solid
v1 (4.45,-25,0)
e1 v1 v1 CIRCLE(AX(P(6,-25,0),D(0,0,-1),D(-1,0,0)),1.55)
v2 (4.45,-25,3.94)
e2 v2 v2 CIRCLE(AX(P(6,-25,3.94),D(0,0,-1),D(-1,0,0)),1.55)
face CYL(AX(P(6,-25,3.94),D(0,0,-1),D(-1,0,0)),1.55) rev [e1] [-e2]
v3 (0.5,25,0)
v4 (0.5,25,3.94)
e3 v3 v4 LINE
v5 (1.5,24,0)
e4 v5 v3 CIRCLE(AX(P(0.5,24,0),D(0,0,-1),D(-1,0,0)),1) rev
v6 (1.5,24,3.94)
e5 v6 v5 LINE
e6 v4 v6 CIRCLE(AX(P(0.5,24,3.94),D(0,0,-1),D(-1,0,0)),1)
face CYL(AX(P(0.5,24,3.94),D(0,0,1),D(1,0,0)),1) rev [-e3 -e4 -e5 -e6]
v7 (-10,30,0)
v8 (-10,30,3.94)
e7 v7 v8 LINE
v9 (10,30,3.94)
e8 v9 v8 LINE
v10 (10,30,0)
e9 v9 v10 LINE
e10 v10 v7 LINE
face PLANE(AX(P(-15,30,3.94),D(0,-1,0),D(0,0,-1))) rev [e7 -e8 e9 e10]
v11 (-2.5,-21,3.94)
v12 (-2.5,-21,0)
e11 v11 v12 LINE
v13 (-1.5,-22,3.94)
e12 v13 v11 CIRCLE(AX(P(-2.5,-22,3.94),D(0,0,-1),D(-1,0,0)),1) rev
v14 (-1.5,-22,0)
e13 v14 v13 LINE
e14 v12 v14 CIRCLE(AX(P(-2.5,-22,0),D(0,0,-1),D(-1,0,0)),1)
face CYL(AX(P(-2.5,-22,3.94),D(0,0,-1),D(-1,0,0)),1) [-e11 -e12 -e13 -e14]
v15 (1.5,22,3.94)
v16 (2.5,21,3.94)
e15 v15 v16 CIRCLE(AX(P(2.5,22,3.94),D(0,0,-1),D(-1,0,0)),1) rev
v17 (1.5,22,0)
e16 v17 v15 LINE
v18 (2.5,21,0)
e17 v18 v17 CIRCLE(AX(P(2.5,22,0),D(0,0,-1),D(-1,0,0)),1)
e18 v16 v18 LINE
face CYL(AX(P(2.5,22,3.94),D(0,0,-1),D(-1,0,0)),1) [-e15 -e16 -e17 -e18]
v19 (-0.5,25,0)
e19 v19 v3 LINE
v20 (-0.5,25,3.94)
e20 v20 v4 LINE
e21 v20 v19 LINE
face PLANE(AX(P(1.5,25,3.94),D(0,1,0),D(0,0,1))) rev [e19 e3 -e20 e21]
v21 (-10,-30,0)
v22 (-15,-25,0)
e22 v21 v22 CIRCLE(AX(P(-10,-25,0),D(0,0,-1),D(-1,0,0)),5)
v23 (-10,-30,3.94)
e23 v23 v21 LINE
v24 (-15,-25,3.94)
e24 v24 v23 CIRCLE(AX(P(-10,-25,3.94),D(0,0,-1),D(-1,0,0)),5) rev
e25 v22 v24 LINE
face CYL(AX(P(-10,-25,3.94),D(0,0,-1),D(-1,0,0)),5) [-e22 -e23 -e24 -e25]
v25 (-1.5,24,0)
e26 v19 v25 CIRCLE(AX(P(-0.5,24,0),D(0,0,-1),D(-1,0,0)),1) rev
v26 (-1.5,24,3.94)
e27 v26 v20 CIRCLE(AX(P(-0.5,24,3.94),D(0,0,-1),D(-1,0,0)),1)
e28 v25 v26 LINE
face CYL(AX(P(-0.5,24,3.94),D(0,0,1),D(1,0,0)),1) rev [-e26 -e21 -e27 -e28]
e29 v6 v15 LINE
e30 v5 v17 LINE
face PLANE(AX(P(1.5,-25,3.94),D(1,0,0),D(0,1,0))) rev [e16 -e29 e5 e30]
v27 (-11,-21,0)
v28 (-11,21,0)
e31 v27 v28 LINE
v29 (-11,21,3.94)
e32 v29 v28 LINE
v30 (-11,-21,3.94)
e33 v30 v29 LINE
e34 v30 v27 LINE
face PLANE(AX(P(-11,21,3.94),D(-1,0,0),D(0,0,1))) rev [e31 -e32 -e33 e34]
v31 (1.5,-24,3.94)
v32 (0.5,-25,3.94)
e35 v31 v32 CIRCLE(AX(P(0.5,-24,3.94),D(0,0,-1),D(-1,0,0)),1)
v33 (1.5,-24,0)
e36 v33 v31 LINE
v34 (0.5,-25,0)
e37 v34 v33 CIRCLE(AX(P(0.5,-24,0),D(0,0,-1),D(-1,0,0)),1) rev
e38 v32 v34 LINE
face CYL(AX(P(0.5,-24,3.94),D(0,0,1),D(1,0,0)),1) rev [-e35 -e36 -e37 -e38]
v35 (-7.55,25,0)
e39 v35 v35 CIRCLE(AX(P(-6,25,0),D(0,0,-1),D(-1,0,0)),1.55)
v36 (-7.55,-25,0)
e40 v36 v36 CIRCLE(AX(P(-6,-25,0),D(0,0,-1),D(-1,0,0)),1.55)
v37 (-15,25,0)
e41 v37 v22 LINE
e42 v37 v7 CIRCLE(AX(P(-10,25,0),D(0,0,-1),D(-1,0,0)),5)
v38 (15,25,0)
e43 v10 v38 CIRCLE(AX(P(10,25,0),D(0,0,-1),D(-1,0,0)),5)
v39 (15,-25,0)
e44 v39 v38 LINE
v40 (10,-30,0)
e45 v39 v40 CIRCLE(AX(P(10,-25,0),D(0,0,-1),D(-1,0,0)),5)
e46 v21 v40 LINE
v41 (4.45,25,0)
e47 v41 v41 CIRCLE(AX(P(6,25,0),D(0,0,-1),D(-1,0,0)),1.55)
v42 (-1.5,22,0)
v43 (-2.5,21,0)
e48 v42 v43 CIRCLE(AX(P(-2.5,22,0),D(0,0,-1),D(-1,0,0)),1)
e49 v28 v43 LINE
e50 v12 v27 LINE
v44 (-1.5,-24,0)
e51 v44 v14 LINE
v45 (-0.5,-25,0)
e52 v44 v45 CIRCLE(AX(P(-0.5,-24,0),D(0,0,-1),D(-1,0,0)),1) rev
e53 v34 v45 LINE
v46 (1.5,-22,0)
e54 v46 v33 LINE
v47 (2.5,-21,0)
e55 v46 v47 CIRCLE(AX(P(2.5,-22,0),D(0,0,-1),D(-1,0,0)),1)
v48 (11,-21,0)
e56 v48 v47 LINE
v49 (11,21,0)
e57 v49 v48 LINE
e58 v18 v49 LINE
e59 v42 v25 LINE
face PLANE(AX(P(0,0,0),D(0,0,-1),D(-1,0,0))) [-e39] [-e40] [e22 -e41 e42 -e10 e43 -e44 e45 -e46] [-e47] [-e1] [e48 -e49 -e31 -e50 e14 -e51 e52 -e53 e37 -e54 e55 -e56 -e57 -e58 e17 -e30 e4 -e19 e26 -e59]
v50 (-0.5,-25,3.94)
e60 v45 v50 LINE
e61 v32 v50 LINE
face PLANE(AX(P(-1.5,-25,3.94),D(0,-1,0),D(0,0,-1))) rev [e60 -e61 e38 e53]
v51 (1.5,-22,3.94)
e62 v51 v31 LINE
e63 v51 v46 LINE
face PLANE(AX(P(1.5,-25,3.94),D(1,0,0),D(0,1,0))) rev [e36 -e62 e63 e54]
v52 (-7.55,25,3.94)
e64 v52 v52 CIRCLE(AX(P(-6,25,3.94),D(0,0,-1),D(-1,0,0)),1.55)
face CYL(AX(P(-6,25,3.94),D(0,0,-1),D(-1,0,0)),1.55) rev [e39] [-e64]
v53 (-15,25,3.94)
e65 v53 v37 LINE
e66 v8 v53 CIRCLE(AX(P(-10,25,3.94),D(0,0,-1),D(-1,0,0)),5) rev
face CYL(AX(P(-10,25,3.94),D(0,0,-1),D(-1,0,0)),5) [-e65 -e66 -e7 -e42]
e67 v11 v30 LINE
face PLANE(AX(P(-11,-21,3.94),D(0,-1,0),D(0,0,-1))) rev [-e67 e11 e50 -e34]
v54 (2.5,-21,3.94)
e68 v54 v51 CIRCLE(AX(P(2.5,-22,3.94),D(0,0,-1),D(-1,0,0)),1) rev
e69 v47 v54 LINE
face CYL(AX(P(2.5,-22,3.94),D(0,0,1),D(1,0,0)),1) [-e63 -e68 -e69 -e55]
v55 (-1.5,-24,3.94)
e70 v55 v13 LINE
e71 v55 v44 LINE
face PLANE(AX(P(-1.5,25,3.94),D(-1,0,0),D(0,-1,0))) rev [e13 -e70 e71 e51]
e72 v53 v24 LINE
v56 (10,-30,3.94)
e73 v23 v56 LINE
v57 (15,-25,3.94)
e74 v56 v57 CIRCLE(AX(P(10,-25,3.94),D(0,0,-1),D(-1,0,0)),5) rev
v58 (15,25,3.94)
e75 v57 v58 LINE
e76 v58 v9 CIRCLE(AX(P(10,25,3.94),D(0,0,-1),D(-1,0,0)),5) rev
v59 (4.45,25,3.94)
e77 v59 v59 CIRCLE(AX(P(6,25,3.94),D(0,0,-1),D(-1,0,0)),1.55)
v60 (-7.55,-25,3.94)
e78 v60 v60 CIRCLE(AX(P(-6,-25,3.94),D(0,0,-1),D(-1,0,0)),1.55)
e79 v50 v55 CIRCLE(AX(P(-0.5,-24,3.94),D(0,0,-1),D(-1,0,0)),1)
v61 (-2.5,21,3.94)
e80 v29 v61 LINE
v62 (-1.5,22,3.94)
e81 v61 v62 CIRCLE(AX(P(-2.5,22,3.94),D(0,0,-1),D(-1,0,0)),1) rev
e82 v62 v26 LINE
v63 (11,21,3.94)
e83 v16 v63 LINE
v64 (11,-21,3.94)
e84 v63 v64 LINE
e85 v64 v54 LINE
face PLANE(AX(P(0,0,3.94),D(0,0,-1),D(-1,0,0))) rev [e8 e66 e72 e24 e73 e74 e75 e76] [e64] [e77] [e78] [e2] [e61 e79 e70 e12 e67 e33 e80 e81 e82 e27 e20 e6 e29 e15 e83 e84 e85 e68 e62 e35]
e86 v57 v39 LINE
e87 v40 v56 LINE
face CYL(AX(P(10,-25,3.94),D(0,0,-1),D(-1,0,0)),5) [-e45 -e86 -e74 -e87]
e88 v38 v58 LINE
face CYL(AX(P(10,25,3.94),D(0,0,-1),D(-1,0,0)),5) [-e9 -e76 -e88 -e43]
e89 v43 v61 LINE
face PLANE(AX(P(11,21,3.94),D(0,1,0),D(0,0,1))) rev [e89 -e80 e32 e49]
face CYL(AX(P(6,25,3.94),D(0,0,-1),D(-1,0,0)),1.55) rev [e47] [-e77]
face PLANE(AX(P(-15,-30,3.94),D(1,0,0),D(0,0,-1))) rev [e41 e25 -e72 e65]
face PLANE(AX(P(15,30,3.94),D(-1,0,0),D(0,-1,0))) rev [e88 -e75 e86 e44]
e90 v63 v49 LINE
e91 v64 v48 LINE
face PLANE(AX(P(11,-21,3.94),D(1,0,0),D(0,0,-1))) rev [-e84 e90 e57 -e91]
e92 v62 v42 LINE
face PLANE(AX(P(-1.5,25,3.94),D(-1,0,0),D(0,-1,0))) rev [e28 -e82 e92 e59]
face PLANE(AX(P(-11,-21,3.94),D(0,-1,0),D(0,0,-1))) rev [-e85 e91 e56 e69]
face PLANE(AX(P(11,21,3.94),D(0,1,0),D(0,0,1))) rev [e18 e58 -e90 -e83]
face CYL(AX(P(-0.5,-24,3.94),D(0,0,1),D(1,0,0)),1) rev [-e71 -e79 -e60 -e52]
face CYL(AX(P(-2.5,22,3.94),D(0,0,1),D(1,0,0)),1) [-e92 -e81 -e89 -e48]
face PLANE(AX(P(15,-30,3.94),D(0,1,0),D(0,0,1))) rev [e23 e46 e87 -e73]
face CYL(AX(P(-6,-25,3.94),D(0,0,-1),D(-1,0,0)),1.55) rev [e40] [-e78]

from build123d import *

# Parameters (mm, degrees)
CROQUIS1_W              = 30
CROQUIS1_H              = 60
SALIENTE_EXTRUIR1_DEPTH = 3.94
CROQUIS2_W              = 22
CROQUIS2_H              = 42
CORTAR_EXTRUIR1_DEPTH   = 34.771638989
CROQUIS3_R              = 1.55
CORTAR_EXTRUIR2_DEPTH   = 34.771638989
REDONDEO1_R             = 5
REDONDEO3_R             = 1


with BuildPart() as part:
    # Croquis1 → Saliente-Extruir1 (new body)
    with BuildSketch(Plane.XY):
        Rectangle(CROQUIS1_W, CROQUIS1_H)
    extrude(amount=SALIENTE_EXTRUIR1_DEPTH)

    # Croquis2 → Cortar-Extruir1 (cut, through all)
    with BuildSketch(Plane(origin=(0, 0, 0), x_dir=(-1, 0, 0), z_dir=(0, 0, -1))):
        Rectangle(CROQUIS2_W, CROQUIS2_H)
    extrude(amount=-CORTAR_EXTRUIR1_DEPTH, mode=Mode.SUBTRACT)

    # Croquis3 → Cortar-Extruir2 (cut, through all)
    with BuildSketch(Plane(origin=(0, 0, 0), x_dir=(-1, 0, 0), z_dir=(0, 0, -1))):
        with Locations((-6, 25)):
            Circle(CROQUIS3_R)
        with Locations((6, 25)):
            Circle(CROQUIS3_R)
        with Locations((-6, -25)):
            Circle(CROQUIS3_R)
        with Locations((6, -25)):
            Circle(CROQUIS3_R)
        Polygon((-1.5, 21), (-1.5, 25), (1.5, 25), (1.5, -25), (-1.5, -25), align=None)
    extrude(amount=-CORTAR_EXTRUIR2_DEPTH, mode=Mode.SUBTRACT)

    # Redondeo1
    redondeo1_edges = [part.edges().sort_by_distance(p)[0] for p in [
        (-15, 30, 1.97),
        (15, 30, 1.97),
        (15, -30, 1.97),
        (-15, -30, 1.97),
    ]]
    fillet(redondeo1_edges, radius=REDONDEO1_R)

    # Redondeo3
    redondeo3_edges = [part.edges().sort_by_distance(p)[0] for p in [
        (1.5, -21, 1.97),
        (-1.5, -21, 1.97),
        (-1.5, 21, 1.97),
        (-1.5, 25, 1.97),
        (1.5, 21, 1.97),
        (1.5, -25, 1.97),
        (-1.5, -25, 1.97),
        (1.5, 25, 1.97),
    ]]
    fillet(redondeo3_edges, radius=REDONDEO3_R)


solid = part.part
